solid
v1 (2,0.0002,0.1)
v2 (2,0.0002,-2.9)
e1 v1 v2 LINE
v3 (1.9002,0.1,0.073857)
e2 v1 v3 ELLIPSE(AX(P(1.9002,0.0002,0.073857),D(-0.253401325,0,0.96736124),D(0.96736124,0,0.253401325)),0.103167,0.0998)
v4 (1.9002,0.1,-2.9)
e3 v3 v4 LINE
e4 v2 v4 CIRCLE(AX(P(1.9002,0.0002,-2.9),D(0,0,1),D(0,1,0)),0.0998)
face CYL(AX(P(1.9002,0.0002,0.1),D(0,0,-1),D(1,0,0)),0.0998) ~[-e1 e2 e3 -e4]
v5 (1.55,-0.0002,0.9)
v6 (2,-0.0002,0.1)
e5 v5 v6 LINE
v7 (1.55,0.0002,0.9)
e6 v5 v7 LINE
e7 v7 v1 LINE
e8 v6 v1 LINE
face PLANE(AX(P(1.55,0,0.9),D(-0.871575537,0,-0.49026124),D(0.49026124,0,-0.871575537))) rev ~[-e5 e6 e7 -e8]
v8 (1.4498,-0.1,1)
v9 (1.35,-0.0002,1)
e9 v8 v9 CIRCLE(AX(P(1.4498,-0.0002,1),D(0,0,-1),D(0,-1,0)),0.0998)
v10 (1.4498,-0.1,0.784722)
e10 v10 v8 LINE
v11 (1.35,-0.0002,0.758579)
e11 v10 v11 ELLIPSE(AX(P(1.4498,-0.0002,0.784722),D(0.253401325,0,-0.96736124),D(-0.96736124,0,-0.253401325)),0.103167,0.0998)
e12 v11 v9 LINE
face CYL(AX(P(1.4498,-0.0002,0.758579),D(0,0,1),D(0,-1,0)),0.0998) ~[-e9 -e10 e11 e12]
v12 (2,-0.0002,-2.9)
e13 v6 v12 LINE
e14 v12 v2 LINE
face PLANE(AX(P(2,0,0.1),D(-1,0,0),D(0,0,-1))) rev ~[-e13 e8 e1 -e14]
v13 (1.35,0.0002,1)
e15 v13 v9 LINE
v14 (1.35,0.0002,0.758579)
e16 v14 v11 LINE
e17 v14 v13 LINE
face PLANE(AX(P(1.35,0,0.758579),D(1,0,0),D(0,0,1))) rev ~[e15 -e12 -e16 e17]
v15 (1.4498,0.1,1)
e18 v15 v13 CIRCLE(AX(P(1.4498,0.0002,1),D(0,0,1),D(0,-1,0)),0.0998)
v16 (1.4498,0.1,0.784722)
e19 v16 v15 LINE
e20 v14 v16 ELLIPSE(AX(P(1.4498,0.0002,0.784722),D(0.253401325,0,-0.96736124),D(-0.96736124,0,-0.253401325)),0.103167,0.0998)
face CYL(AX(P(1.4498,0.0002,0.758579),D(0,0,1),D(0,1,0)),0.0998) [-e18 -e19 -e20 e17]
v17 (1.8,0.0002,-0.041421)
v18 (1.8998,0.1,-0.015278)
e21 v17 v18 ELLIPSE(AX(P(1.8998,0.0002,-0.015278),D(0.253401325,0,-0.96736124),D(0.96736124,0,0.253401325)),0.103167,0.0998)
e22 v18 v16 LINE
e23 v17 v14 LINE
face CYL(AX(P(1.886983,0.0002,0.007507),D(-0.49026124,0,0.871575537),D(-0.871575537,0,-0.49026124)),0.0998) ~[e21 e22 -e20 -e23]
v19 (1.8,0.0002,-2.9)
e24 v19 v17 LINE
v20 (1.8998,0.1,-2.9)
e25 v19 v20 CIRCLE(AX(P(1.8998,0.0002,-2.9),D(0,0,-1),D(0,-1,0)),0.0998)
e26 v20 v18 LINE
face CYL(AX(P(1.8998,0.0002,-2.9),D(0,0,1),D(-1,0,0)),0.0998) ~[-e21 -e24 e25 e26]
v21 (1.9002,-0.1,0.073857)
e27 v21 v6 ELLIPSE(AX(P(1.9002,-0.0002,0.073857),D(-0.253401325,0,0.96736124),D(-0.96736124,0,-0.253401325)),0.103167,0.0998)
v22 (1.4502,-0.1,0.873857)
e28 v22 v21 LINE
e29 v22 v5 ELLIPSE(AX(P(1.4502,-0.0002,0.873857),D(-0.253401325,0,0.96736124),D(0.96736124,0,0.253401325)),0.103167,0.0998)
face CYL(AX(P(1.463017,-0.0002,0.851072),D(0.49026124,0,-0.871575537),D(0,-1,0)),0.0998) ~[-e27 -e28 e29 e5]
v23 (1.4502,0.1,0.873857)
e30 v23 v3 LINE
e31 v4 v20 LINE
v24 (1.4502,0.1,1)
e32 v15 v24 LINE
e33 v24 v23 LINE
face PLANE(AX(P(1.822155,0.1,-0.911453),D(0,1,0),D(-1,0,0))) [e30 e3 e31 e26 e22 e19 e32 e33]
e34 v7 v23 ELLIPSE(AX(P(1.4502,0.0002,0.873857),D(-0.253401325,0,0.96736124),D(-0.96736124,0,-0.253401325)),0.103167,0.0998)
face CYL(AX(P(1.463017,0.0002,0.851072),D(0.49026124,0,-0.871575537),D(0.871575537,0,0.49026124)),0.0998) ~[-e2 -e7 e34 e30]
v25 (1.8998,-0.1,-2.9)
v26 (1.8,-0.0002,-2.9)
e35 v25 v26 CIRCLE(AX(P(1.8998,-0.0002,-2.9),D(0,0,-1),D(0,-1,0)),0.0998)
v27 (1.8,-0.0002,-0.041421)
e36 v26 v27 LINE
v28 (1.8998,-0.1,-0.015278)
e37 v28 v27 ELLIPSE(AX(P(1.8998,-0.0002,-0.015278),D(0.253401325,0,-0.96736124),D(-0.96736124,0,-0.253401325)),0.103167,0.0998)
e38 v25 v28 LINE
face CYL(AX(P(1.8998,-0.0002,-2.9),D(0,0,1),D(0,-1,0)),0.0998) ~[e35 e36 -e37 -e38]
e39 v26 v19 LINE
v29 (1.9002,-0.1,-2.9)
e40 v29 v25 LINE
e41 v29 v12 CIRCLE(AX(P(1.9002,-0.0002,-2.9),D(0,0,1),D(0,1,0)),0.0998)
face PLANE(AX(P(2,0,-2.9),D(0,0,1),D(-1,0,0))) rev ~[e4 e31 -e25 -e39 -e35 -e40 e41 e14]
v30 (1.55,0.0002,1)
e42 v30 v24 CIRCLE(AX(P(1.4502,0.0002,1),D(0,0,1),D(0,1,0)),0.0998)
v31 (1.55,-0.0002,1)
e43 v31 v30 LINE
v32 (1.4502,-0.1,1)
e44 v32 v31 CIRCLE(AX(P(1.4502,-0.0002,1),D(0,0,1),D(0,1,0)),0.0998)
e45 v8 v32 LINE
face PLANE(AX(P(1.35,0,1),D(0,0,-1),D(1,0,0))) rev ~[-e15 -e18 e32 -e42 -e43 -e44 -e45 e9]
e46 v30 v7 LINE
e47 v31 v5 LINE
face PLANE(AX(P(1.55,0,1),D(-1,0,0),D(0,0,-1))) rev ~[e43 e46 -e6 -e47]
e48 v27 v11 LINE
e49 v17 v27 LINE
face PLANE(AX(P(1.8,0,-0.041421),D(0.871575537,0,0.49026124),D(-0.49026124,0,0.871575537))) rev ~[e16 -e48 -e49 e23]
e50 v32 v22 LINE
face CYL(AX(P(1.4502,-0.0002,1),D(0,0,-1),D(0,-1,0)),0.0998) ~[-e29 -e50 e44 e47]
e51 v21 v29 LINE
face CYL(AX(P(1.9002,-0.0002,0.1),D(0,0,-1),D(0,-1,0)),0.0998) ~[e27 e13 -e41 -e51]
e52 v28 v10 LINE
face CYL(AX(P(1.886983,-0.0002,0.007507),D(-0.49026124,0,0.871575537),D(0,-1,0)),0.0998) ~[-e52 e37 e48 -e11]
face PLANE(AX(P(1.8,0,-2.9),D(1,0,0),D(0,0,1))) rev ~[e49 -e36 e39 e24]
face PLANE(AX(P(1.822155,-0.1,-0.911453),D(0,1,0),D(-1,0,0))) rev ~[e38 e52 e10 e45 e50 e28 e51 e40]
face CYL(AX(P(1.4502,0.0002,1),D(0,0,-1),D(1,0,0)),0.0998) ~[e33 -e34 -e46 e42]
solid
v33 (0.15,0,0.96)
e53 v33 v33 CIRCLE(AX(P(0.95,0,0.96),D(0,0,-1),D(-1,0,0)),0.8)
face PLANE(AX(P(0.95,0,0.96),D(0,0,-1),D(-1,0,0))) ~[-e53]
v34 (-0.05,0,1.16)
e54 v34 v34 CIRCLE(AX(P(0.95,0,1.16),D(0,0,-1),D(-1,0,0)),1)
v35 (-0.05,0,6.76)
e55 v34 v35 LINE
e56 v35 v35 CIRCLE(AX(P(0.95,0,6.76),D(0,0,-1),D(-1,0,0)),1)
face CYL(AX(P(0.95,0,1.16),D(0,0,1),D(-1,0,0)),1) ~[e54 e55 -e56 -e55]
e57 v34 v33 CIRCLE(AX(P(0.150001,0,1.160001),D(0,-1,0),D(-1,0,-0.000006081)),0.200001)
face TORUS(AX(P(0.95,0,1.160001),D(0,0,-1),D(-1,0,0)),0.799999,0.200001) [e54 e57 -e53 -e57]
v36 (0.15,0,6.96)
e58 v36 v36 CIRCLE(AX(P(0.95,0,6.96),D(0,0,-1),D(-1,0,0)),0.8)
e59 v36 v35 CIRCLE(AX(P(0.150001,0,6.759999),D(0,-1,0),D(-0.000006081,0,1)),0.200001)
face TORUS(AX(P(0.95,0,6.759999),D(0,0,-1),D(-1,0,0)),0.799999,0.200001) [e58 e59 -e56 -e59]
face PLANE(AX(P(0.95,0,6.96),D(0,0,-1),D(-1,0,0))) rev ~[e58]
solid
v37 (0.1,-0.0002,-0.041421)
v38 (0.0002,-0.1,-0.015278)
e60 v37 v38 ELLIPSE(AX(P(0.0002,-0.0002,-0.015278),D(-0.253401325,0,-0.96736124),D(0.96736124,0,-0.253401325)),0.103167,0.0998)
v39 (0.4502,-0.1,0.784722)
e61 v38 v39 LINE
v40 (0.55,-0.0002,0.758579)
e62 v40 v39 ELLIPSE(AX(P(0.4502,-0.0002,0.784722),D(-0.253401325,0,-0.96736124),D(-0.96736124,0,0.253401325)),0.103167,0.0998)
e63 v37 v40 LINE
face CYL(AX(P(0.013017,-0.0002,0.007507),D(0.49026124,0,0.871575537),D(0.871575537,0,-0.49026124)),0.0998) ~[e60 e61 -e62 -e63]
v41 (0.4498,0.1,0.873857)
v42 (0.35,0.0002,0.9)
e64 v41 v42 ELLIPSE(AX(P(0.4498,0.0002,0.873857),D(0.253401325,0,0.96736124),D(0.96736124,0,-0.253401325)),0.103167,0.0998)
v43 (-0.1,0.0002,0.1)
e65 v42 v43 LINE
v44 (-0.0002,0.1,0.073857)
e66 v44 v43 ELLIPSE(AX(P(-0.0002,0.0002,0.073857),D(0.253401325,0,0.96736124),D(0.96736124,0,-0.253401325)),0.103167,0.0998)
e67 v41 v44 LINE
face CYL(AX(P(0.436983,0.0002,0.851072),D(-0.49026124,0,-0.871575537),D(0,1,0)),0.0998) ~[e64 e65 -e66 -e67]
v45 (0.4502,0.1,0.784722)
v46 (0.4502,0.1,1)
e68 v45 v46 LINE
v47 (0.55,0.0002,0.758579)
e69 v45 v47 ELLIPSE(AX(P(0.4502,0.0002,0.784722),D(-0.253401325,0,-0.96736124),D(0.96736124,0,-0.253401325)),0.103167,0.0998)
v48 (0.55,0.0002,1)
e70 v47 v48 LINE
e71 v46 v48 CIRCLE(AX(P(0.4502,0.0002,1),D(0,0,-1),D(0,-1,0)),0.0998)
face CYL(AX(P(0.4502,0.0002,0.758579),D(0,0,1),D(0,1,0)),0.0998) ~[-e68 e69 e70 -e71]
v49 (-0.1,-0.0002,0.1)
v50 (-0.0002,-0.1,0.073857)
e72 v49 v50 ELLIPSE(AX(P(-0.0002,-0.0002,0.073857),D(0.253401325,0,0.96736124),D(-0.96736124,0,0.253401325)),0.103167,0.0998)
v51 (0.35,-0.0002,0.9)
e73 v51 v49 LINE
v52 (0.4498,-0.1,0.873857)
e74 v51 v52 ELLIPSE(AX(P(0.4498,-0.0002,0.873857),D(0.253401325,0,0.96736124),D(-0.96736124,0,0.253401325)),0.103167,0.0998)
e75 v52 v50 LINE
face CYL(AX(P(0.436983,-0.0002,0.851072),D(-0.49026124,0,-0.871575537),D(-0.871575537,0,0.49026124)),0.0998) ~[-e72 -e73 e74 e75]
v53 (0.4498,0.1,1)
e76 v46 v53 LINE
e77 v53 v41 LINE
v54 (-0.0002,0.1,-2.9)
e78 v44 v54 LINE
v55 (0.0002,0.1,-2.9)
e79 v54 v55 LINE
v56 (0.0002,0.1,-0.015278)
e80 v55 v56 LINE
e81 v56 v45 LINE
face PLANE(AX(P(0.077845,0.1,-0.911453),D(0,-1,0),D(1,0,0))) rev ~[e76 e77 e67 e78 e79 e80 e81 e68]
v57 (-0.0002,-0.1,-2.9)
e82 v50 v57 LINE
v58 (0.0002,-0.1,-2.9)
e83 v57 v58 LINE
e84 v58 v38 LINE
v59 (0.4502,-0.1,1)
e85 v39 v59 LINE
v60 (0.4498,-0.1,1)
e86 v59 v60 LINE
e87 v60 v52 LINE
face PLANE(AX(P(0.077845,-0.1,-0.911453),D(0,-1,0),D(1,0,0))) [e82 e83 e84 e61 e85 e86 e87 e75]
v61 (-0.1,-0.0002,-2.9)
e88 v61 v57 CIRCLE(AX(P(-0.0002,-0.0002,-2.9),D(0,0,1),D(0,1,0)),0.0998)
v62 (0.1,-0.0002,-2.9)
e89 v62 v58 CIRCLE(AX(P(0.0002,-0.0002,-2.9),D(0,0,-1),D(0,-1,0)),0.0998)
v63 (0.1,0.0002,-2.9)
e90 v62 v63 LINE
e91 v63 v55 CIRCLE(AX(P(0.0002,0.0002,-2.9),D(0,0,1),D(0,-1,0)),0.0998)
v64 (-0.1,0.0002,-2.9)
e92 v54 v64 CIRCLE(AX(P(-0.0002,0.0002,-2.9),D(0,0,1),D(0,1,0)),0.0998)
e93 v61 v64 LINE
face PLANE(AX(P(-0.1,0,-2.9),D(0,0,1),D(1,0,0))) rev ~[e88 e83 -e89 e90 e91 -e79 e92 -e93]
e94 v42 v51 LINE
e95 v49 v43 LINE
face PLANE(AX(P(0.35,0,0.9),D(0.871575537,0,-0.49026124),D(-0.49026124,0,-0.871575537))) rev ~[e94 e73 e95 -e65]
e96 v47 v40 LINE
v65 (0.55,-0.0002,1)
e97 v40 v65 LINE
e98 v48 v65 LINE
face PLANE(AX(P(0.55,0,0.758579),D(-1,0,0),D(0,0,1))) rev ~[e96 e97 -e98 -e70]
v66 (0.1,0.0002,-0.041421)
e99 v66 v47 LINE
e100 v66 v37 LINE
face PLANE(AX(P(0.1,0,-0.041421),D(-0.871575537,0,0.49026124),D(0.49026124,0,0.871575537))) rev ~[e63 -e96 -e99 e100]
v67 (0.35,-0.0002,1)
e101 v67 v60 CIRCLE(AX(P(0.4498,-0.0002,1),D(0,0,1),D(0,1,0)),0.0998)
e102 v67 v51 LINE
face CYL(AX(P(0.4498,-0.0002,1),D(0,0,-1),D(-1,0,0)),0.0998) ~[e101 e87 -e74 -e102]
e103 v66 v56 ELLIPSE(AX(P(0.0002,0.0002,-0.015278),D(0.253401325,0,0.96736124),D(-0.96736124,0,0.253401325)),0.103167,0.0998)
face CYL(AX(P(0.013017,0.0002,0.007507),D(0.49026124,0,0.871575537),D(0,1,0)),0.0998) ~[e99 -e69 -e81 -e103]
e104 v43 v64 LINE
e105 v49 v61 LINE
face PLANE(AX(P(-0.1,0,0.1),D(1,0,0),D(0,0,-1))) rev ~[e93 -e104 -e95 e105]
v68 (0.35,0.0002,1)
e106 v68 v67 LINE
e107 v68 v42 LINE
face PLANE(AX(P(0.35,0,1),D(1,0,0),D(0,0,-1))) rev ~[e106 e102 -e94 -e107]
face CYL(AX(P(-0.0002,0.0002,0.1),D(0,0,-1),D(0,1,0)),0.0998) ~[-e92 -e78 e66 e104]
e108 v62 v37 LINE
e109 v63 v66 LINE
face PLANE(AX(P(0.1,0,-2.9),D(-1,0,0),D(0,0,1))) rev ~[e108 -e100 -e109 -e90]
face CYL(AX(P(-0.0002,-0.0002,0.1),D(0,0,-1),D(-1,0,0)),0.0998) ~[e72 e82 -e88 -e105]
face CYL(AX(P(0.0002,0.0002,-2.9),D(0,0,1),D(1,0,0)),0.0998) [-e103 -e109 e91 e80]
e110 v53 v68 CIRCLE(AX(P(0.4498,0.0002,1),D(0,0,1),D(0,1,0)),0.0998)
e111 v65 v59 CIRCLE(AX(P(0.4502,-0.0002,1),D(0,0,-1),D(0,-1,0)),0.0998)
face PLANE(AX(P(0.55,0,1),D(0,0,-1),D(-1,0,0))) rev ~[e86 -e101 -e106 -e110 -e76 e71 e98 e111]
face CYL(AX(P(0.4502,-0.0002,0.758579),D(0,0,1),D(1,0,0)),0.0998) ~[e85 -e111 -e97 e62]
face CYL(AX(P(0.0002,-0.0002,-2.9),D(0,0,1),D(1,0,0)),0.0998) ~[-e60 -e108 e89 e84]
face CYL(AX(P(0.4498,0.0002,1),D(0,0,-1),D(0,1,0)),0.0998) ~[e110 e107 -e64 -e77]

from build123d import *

# Parameters (mm, degrees)
PAD_DEPTH = 0.1
FILLET_R  = 0.0998


with BuildPart() as revolution:
    # Sketch002 → Revolution (revolve)
    with BuildSketch(Plane.XZ):
        with BuildLine():
            Line((0.15, 6.96), (0.95, 6.96))
            Line((0.95, 0.96), (0.95, 6.96))
            Line((0.95, 0.96), (0.15, 0.96))
            ThreePointArc((-0.05, 1.16), (0.008579, 1.018579), (0.15, 0.96))
            Line((-0.05, 1.16), (-0.05, 6.76))
            ThreePointArc((0.15, 6.96), (0.008579, 6.901421), (-0.05, 6.76))
        make_face()
    revolve(axis=Axis((0.95, 0, 6.96), (0, 0, -1)))


with BuildPart() as fillet_body:
    # Sketch → Pad (new body, symmetric)
    with BuildSketch(Plane.XZ):
        Polygon((0.1, -2.9), (0.1, -0.041421), (0.55, 0.758579), (0.55, 1), (0.35, 1), (0.35, 0.9), (-0.1, 0.1), (-0.1, -2.9), align=None)
        Polygon((1.35, 1), (1.55, 1), (1.55, 0.9), (2, 0.1), (2, -2.9), (1.8, -2.9), (1.8, -0.041421), (1.35, 0.758579), align=None)
    extrude(amount=PAD_DEPTH, both=True)

    # Fillet
    fillet_edges = [fillet_body.edges().sort_by_distance(p)[0] for p in [
        (0.125, -0.1, 0.5),
        (0.35, -0.1, 0.95),
        (0.55, -0.1, 0.879289),
        (0.325, -0.1, 0.358579),
        (0.1, -0.1, -1.470711),
        (-0.1, -0.1, -1.4),
        (0.1, 0.1, -1.470711),
        (0.325, 0.1, 0.358579),
        (0.55, 0.1, 0.879289),
        (1.575, -0.1, 0.358579),
        (1.35, -0.1, 0.879289),
        (1.8, -0.1, -1.470711),
        (2, -0.1, -1.4),
        (1.775, -0.1, 0.5),
        (1.55, -0.1, 0.95),
        (1.55, 0.1, 0.95),
        (1.775, 0.1, 0.5),
        (2, 0.1, -1.4),
        (1.8, 0.1, -1.470711),
        (1.575, 0.1, 0.358579),
        (1.35, 0.1, 0.879289),
        (0.35, 0.1, 0.95),
        (-0.1, 0.1, -1.4),
        (0.125, 0.1, 0.5),
    ]]
    fillet(fillet_edges, radius=FILLET_R)


solid = Compound([revolution.part, fillet_body.part])
